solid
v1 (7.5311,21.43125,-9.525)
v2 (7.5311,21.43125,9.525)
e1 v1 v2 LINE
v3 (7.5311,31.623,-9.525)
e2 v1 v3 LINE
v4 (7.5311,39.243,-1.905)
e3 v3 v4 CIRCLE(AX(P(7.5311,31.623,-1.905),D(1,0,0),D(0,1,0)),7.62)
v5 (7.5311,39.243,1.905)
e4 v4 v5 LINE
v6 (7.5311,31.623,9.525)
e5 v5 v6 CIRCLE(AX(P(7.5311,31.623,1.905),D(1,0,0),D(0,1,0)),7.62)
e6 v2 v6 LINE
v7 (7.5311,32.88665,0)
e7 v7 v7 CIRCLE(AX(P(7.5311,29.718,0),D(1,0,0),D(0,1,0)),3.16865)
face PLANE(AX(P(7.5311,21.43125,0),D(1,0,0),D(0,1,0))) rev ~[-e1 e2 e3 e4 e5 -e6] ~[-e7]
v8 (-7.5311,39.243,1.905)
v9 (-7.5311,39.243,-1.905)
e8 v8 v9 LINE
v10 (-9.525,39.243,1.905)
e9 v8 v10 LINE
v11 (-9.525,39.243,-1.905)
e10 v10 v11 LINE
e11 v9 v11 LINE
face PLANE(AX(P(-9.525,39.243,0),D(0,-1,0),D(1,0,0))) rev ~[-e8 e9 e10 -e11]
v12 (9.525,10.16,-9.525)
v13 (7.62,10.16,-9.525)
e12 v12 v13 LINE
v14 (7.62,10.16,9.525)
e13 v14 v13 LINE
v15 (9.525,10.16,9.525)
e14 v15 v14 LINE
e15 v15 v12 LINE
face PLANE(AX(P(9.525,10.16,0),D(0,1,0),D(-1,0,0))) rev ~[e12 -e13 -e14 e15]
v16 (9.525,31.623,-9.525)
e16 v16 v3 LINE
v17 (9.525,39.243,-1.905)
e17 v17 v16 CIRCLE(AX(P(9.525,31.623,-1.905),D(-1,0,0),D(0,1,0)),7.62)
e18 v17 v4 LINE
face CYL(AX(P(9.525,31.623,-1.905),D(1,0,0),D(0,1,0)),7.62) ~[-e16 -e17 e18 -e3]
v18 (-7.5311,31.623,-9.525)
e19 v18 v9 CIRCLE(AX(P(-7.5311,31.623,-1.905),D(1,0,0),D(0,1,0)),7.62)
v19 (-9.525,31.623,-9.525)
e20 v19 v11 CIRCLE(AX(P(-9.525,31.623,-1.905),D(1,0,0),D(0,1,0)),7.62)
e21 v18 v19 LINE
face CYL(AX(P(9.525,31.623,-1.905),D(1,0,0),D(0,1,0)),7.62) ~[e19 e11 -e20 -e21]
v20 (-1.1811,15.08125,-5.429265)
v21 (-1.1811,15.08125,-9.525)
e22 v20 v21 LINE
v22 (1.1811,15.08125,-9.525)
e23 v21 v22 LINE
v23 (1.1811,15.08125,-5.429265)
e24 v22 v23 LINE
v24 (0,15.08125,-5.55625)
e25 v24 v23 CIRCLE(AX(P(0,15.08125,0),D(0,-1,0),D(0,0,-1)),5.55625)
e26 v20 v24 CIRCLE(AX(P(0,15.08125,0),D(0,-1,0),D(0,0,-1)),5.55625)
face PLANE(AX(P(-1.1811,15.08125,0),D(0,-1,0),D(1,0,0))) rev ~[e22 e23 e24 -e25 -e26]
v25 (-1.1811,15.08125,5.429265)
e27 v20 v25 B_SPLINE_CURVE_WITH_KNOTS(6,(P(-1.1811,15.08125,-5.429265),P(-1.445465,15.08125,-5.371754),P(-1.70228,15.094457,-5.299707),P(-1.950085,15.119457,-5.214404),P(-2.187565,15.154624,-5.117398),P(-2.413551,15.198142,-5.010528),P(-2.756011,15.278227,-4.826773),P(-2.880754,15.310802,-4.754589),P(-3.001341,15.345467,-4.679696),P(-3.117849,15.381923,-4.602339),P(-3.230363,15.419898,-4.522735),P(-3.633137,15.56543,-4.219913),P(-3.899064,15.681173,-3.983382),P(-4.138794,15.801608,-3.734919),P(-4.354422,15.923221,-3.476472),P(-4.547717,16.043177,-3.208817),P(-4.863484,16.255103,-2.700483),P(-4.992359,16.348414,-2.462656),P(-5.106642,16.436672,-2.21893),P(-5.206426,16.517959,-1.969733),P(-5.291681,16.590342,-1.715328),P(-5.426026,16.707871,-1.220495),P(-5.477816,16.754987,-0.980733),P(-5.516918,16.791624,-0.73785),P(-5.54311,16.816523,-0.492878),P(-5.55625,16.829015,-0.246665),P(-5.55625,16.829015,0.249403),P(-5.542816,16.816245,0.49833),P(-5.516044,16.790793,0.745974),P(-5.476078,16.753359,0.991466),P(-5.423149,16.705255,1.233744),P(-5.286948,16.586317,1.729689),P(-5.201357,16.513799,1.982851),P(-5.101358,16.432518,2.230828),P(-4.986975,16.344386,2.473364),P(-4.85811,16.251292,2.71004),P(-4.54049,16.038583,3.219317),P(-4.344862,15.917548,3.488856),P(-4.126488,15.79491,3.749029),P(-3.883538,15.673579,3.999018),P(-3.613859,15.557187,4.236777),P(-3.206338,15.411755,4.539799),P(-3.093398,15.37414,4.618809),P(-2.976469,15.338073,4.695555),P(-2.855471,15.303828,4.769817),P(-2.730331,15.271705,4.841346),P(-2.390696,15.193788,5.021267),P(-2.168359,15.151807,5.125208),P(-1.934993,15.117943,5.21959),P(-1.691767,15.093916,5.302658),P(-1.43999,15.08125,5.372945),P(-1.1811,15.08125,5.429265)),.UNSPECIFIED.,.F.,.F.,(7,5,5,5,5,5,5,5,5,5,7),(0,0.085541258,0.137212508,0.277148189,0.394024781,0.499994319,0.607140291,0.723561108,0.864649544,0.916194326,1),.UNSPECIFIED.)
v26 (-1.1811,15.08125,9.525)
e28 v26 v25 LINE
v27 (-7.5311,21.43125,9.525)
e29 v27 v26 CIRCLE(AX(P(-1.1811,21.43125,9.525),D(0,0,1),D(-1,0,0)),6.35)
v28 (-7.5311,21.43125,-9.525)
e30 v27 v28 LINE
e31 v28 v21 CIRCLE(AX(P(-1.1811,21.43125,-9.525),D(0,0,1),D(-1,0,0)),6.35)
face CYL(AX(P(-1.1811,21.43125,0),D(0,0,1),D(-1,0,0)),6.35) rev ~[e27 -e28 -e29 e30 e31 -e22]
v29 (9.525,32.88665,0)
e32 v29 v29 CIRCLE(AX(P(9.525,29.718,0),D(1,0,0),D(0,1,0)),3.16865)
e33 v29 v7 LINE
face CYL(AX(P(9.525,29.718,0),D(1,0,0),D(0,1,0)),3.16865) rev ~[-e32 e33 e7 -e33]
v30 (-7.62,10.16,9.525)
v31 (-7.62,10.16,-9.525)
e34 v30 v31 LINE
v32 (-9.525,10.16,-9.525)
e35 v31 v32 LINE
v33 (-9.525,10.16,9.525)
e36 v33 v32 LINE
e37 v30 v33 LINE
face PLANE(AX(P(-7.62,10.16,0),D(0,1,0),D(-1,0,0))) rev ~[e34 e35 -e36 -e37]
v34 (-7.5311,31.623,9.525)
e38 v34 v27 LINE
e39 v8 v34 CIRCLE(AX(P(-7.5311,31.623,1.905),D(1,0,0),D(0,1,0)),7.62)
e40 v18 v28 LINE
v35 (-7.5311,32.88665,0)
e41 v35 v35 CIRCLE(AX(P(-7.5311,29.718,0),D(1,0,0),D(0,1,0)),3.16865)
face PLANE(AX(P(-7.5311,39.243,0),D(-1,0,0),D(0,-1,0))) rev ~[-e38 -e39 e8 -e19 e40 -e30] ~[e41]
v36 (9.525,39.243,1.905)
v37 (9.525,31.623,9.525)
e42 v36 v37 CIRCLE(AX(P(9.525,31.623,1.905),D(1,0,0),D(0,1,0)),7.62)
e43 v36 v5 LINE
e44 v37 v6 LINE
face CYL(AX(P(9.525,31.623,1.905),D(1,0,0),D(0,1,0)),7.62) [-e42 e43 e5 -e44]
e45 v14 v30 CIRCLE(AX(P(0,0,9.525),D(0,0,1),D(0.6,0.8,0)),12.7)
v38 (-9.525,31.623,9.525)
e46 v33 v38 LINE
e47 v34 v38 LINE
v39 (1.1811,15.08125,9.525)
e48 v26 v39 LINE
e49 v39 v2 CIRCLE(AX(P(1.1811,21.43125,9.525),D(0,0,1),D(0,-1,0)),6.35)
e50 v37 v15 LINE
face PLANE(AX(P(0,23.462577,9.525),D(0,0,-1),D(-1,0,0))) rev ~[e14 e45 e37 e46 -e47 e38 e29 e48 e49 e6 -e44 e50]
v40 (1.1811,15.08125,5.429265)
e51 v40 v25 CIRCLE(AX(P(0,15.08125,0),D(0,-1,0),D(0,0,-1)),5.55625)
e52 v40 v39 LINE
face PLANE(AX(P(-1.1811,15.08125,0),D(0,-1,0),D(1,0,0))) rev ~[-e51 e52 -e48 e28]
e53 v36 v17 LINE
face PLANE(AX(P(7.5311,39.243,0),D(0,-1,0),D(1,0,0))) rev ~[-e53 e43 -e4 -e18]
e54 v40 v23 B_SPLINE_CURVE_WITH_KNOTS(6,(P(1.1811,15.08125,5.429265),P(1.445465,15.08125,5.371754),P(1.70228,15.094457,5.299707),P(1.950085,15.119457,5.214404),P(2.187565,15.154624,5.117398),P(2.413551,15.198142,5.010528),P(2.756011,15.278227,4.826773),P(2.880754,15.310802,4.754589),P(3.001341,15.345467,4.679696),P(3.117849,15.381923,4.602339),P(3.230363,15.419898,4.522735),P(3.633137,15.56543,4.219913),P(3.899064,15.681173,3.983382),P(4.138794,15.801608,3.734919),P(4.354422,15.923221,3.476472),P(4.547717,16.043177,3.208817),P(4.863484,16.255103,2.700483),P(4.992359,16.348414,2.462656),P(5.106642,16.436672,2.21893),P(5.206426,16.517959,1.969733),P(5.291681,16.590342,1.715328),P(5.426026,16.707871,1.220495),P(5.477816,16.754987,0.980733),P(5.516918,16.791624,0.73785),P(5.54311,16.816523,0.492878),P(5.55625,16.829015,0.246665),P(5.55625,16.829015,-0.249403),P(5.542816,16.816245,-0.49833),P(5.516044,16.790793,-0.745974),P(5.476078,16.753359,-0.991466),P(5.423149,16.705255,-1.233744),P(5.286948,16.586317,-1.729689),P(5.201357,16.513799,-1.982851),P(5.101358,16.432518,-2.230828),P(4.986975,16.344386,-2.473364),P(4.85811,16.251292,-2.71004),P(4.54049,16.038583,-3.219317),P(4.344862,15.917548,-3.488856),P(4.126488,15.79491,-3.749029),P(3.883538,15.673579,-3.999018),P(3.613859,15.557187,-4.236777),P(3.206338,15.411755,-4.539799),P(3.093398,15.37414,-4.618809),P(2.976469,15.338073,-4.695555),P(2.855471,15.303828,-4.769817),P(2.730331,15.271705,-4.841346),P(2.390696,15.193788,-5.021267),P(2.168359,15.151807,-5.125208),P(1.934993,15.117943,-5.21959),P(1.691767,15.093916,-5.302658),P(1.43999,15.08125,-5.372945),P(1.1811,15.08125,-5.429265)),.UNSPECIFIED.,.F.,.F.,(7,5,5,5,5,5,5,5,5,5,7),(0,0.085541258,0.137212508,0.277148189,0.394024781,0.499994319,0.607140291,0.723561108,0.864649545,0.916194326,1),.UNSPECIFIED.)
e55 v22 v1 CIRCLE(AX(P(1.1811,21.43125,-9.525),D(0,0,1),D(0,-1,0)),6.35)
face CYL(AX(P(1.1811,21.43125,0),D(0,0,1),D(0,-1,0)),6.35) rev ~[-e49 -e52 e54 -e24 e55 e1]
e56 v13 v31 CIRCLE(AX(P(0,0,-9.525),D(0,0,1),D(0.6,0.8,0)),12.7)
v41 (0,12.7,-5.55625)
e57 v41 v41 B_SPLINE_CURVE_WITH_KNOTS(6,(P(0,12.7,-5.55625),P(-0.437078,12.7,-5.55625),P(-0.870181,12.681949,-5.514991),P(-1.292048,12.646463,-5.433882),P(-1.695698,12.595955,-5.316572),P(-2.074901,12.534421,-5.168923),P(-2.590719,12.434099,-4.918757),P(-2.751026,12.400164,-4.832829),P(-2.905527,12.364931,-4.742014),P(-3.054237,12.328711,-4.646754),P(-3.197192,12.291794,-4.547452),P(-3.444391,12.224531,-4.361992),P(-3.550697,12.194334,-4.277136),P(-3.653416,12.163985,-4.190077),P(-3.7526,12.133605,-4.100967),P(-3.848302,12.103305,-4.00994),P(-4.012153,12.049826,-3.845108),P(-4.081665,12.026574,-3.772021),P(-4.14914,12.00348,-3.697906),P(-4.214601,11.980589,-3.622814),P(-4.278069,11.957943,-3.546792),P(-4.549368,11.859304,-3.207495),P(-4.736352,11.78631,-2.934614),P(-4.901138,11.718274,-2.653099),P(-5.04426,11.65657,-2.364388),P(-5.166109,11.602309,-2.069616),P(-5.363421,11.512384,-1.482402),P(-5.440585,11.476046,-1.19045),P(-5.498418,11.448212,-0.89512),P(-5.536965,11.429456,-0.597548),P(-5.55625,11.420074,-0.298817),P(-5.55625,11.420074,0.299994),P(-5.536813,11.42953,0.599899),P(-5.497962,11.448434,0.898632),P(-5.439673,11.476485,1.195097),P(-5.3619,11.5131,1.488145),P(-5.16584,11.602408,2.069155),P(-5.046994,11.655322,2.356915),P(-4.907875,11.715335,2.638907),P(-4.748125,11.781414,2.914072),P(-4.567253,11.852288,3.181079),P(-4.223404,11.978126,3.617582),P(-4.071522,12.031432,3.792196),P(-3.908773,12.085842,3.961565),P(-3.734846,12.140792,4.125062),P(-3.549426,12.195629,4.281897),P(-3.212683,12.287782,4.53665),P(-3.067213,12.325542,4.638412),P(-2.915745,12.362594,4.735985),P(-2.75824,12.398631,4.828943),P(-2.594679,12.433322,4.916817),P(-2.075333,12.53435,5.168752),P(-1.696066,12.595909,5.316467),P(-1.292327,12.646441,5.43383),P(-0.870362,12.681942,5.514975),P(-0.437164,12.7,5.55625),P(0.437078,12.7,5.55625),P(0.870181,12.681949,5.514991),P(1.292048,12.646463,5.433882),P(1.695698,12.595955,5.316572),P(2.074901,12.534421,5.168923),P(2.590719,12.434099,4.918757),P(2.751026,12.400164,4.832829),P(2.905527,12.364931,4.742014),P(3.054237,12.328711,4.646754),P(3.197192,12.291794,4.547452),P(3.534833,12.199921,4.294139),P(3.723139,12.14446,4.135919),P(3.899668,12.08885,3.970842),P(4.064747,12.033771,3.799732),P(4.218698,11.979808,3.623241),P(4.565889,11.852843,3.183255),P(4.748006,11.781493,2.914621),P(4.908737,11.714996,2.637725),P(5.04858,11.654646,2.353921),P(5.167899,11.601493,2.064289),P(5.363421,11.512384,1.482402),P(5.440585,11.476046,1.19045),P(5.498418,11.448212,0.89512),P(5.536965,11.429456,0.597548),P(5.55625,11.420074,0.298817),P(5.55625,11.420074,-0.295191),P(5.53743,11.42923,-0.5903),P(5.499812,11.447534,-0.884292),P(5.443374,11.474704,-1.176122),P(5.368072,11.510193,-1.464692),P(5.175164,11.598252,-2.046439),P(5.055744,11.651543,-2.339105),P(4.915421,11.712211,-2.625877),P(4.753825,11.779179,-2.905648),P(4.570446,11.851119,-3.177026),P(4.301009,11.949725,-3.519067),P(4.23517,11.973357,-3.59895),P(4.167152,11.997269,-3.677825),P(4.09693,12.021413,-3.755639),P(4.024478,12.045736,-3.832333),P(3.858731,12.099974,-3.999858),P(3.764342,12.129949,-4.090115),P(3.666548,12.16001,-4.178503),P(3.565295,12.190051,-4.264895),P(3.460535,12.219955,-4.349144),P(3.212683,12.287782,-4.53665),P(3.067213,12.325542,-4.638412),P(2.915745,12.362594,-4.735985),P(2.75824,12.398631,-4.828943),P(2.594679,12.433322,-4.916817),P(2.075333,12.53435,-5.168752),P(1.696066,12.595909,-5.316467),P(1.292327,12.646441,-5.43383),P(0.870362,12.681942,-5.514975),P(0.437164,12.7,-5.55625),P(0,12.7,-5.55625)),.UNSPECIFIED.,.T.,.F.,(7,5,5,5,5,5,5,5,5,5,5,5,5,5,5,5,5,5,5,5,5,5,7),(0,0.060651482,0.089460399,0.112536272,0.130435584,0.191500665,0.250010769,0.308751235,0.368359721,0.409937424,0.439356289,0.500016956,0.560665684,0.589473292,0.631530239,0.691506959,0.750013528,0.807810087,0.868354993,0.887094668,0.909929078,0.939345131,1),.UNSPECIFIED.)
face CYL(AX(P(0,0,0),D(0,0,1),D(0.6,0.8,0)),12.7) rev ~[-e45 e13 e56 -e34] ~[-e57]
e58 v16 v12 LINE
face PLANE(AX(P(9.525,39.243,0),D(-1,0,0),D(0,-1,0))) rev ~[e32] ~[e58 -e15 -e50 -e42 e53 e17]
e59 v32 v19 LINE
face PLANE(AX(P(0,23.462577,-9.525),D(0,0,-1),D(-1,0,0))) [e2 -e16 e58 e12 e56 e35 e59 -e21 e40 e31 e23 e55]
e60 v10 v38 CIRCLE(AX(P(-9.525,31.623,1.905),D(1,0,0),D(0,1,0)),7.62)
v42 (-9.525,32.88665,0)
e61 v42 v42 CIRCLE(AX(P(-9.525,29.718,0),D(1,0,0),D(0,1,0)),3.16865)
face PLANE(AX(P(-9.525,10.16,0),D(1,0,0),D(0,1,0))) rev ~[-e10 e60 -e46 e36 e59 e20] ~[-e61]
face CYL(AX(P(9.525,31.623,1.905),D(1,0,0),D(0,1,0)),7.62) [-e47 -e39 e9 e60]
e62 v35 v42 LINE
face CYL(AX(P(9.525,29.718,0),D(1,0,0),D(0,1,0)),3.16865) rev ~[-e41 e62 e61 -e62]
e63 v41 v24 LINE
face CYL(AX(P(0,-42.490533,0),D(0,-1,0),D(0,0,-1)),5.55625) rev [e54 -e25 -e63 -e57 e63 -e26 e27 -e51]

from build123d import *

# Parameters (mm, degrees)
BOSS_EXTRUDE1_DEPTH     = 9.525
SKETCH2_R               = 3.16865
CUT_EXTRUDE1_DEPTH      = 45.650209115
CUT_EXTRUDE2_DEPTH      = 42.490532643
CUT_EXTRUDE2_DEPTH_BACK = 42.490532643
SKETCH3_R               = 5.55625


with BuildPart() as part:
    # Sketch1 → Boss-Extrude1 (new, symmetric)
    with BuildSketch(Plane.XY):
        with BuildLine():
            Line((7.5311, 39.243), (9.525, 39.243))
            Line((9.525, 39.243), (9.525, 10.16))
            Line((9.525, 10.16), (7.62, 10.16))
            ThreePointArc((7.62, 10.16), (0, 12.7), (-7.62, 10.16))
            Line((-7.62, 10.16), (-9.525, 10.16))
            Line((-9.525, 10.16), (-9.525, 39.243))
            Line((-9.525, 39.243), (-7.5311, 39.243))
            Line((-7.5311, 39.243), (-7.5311, 21.43125))
            ThreePointArc((-7.5311, 21.43125), (-5.671228061, 16.941121939), (-1.1811, 15.08125))
            Line((-1.1811, 15.08125), (1.1811, 15.08125))
            ThreePointArc((1.1811, 15.08125), (5.671228061, 16.941121939), (7.5311, 21.43125))
            Line((7.5311, 21.43125), (7.5311, 39.243))
        make_face()
    extrude(amount=BOSS_EXTRUDE1_DEPTH, both=True)

    # Sketch2 → Cut-Extrude1 (cut, through all)
    with BuildSketch(Plane(origin=(9.525, 0, 0), x_dir=(0, 0, -1), z_dir=(1, 0, 0))):
        with Locations((0, 29.718)):
            Circle(SKETCH2_R)
        with BuildLine():
            Line((-9.525, 31.623), (-9.525, 39.243))
            Line((-9.525, 39.243), (-1.905, 39.243))
            ThreePointArc((-1.905, 39.243), (-7.293153673, 37.011153673), (-9.525, 31.623))
        make_face()
        with BuildLine():
            Line((9.525, 31.623), (9.525, 39.243))
            Line((9.525, 39.243), (1.905, 39.243))
            ThreePointArc((1.905, 39.243), (7.293153673, 37.011153673), (9.525, 31.623))
        make_face()
    extrude(amount=-CUT_EXTRUDE1_DEPTH, mode=Mode.SUBTRACT)

    # Sketch3 → Cut-Extrude2 (cut, two sides: drawn at the far end of the back side and taken through both)
    with BuildSketch(Plane(origin=(0, 0, 0), x_dir=(1, 0, 0), z_dir=(0, 1, 0)).offset(-CUT_EXTRUDE2_DEPTH_BACK)):
        Circle(SKETCH3_R)
    extrude(amount=CUT_EXTRUDE2_DEPTH + CUT_EXTRUDE2_DEPTH_BACK, mode=Mode.SUBTRACT)


solid = part.part
